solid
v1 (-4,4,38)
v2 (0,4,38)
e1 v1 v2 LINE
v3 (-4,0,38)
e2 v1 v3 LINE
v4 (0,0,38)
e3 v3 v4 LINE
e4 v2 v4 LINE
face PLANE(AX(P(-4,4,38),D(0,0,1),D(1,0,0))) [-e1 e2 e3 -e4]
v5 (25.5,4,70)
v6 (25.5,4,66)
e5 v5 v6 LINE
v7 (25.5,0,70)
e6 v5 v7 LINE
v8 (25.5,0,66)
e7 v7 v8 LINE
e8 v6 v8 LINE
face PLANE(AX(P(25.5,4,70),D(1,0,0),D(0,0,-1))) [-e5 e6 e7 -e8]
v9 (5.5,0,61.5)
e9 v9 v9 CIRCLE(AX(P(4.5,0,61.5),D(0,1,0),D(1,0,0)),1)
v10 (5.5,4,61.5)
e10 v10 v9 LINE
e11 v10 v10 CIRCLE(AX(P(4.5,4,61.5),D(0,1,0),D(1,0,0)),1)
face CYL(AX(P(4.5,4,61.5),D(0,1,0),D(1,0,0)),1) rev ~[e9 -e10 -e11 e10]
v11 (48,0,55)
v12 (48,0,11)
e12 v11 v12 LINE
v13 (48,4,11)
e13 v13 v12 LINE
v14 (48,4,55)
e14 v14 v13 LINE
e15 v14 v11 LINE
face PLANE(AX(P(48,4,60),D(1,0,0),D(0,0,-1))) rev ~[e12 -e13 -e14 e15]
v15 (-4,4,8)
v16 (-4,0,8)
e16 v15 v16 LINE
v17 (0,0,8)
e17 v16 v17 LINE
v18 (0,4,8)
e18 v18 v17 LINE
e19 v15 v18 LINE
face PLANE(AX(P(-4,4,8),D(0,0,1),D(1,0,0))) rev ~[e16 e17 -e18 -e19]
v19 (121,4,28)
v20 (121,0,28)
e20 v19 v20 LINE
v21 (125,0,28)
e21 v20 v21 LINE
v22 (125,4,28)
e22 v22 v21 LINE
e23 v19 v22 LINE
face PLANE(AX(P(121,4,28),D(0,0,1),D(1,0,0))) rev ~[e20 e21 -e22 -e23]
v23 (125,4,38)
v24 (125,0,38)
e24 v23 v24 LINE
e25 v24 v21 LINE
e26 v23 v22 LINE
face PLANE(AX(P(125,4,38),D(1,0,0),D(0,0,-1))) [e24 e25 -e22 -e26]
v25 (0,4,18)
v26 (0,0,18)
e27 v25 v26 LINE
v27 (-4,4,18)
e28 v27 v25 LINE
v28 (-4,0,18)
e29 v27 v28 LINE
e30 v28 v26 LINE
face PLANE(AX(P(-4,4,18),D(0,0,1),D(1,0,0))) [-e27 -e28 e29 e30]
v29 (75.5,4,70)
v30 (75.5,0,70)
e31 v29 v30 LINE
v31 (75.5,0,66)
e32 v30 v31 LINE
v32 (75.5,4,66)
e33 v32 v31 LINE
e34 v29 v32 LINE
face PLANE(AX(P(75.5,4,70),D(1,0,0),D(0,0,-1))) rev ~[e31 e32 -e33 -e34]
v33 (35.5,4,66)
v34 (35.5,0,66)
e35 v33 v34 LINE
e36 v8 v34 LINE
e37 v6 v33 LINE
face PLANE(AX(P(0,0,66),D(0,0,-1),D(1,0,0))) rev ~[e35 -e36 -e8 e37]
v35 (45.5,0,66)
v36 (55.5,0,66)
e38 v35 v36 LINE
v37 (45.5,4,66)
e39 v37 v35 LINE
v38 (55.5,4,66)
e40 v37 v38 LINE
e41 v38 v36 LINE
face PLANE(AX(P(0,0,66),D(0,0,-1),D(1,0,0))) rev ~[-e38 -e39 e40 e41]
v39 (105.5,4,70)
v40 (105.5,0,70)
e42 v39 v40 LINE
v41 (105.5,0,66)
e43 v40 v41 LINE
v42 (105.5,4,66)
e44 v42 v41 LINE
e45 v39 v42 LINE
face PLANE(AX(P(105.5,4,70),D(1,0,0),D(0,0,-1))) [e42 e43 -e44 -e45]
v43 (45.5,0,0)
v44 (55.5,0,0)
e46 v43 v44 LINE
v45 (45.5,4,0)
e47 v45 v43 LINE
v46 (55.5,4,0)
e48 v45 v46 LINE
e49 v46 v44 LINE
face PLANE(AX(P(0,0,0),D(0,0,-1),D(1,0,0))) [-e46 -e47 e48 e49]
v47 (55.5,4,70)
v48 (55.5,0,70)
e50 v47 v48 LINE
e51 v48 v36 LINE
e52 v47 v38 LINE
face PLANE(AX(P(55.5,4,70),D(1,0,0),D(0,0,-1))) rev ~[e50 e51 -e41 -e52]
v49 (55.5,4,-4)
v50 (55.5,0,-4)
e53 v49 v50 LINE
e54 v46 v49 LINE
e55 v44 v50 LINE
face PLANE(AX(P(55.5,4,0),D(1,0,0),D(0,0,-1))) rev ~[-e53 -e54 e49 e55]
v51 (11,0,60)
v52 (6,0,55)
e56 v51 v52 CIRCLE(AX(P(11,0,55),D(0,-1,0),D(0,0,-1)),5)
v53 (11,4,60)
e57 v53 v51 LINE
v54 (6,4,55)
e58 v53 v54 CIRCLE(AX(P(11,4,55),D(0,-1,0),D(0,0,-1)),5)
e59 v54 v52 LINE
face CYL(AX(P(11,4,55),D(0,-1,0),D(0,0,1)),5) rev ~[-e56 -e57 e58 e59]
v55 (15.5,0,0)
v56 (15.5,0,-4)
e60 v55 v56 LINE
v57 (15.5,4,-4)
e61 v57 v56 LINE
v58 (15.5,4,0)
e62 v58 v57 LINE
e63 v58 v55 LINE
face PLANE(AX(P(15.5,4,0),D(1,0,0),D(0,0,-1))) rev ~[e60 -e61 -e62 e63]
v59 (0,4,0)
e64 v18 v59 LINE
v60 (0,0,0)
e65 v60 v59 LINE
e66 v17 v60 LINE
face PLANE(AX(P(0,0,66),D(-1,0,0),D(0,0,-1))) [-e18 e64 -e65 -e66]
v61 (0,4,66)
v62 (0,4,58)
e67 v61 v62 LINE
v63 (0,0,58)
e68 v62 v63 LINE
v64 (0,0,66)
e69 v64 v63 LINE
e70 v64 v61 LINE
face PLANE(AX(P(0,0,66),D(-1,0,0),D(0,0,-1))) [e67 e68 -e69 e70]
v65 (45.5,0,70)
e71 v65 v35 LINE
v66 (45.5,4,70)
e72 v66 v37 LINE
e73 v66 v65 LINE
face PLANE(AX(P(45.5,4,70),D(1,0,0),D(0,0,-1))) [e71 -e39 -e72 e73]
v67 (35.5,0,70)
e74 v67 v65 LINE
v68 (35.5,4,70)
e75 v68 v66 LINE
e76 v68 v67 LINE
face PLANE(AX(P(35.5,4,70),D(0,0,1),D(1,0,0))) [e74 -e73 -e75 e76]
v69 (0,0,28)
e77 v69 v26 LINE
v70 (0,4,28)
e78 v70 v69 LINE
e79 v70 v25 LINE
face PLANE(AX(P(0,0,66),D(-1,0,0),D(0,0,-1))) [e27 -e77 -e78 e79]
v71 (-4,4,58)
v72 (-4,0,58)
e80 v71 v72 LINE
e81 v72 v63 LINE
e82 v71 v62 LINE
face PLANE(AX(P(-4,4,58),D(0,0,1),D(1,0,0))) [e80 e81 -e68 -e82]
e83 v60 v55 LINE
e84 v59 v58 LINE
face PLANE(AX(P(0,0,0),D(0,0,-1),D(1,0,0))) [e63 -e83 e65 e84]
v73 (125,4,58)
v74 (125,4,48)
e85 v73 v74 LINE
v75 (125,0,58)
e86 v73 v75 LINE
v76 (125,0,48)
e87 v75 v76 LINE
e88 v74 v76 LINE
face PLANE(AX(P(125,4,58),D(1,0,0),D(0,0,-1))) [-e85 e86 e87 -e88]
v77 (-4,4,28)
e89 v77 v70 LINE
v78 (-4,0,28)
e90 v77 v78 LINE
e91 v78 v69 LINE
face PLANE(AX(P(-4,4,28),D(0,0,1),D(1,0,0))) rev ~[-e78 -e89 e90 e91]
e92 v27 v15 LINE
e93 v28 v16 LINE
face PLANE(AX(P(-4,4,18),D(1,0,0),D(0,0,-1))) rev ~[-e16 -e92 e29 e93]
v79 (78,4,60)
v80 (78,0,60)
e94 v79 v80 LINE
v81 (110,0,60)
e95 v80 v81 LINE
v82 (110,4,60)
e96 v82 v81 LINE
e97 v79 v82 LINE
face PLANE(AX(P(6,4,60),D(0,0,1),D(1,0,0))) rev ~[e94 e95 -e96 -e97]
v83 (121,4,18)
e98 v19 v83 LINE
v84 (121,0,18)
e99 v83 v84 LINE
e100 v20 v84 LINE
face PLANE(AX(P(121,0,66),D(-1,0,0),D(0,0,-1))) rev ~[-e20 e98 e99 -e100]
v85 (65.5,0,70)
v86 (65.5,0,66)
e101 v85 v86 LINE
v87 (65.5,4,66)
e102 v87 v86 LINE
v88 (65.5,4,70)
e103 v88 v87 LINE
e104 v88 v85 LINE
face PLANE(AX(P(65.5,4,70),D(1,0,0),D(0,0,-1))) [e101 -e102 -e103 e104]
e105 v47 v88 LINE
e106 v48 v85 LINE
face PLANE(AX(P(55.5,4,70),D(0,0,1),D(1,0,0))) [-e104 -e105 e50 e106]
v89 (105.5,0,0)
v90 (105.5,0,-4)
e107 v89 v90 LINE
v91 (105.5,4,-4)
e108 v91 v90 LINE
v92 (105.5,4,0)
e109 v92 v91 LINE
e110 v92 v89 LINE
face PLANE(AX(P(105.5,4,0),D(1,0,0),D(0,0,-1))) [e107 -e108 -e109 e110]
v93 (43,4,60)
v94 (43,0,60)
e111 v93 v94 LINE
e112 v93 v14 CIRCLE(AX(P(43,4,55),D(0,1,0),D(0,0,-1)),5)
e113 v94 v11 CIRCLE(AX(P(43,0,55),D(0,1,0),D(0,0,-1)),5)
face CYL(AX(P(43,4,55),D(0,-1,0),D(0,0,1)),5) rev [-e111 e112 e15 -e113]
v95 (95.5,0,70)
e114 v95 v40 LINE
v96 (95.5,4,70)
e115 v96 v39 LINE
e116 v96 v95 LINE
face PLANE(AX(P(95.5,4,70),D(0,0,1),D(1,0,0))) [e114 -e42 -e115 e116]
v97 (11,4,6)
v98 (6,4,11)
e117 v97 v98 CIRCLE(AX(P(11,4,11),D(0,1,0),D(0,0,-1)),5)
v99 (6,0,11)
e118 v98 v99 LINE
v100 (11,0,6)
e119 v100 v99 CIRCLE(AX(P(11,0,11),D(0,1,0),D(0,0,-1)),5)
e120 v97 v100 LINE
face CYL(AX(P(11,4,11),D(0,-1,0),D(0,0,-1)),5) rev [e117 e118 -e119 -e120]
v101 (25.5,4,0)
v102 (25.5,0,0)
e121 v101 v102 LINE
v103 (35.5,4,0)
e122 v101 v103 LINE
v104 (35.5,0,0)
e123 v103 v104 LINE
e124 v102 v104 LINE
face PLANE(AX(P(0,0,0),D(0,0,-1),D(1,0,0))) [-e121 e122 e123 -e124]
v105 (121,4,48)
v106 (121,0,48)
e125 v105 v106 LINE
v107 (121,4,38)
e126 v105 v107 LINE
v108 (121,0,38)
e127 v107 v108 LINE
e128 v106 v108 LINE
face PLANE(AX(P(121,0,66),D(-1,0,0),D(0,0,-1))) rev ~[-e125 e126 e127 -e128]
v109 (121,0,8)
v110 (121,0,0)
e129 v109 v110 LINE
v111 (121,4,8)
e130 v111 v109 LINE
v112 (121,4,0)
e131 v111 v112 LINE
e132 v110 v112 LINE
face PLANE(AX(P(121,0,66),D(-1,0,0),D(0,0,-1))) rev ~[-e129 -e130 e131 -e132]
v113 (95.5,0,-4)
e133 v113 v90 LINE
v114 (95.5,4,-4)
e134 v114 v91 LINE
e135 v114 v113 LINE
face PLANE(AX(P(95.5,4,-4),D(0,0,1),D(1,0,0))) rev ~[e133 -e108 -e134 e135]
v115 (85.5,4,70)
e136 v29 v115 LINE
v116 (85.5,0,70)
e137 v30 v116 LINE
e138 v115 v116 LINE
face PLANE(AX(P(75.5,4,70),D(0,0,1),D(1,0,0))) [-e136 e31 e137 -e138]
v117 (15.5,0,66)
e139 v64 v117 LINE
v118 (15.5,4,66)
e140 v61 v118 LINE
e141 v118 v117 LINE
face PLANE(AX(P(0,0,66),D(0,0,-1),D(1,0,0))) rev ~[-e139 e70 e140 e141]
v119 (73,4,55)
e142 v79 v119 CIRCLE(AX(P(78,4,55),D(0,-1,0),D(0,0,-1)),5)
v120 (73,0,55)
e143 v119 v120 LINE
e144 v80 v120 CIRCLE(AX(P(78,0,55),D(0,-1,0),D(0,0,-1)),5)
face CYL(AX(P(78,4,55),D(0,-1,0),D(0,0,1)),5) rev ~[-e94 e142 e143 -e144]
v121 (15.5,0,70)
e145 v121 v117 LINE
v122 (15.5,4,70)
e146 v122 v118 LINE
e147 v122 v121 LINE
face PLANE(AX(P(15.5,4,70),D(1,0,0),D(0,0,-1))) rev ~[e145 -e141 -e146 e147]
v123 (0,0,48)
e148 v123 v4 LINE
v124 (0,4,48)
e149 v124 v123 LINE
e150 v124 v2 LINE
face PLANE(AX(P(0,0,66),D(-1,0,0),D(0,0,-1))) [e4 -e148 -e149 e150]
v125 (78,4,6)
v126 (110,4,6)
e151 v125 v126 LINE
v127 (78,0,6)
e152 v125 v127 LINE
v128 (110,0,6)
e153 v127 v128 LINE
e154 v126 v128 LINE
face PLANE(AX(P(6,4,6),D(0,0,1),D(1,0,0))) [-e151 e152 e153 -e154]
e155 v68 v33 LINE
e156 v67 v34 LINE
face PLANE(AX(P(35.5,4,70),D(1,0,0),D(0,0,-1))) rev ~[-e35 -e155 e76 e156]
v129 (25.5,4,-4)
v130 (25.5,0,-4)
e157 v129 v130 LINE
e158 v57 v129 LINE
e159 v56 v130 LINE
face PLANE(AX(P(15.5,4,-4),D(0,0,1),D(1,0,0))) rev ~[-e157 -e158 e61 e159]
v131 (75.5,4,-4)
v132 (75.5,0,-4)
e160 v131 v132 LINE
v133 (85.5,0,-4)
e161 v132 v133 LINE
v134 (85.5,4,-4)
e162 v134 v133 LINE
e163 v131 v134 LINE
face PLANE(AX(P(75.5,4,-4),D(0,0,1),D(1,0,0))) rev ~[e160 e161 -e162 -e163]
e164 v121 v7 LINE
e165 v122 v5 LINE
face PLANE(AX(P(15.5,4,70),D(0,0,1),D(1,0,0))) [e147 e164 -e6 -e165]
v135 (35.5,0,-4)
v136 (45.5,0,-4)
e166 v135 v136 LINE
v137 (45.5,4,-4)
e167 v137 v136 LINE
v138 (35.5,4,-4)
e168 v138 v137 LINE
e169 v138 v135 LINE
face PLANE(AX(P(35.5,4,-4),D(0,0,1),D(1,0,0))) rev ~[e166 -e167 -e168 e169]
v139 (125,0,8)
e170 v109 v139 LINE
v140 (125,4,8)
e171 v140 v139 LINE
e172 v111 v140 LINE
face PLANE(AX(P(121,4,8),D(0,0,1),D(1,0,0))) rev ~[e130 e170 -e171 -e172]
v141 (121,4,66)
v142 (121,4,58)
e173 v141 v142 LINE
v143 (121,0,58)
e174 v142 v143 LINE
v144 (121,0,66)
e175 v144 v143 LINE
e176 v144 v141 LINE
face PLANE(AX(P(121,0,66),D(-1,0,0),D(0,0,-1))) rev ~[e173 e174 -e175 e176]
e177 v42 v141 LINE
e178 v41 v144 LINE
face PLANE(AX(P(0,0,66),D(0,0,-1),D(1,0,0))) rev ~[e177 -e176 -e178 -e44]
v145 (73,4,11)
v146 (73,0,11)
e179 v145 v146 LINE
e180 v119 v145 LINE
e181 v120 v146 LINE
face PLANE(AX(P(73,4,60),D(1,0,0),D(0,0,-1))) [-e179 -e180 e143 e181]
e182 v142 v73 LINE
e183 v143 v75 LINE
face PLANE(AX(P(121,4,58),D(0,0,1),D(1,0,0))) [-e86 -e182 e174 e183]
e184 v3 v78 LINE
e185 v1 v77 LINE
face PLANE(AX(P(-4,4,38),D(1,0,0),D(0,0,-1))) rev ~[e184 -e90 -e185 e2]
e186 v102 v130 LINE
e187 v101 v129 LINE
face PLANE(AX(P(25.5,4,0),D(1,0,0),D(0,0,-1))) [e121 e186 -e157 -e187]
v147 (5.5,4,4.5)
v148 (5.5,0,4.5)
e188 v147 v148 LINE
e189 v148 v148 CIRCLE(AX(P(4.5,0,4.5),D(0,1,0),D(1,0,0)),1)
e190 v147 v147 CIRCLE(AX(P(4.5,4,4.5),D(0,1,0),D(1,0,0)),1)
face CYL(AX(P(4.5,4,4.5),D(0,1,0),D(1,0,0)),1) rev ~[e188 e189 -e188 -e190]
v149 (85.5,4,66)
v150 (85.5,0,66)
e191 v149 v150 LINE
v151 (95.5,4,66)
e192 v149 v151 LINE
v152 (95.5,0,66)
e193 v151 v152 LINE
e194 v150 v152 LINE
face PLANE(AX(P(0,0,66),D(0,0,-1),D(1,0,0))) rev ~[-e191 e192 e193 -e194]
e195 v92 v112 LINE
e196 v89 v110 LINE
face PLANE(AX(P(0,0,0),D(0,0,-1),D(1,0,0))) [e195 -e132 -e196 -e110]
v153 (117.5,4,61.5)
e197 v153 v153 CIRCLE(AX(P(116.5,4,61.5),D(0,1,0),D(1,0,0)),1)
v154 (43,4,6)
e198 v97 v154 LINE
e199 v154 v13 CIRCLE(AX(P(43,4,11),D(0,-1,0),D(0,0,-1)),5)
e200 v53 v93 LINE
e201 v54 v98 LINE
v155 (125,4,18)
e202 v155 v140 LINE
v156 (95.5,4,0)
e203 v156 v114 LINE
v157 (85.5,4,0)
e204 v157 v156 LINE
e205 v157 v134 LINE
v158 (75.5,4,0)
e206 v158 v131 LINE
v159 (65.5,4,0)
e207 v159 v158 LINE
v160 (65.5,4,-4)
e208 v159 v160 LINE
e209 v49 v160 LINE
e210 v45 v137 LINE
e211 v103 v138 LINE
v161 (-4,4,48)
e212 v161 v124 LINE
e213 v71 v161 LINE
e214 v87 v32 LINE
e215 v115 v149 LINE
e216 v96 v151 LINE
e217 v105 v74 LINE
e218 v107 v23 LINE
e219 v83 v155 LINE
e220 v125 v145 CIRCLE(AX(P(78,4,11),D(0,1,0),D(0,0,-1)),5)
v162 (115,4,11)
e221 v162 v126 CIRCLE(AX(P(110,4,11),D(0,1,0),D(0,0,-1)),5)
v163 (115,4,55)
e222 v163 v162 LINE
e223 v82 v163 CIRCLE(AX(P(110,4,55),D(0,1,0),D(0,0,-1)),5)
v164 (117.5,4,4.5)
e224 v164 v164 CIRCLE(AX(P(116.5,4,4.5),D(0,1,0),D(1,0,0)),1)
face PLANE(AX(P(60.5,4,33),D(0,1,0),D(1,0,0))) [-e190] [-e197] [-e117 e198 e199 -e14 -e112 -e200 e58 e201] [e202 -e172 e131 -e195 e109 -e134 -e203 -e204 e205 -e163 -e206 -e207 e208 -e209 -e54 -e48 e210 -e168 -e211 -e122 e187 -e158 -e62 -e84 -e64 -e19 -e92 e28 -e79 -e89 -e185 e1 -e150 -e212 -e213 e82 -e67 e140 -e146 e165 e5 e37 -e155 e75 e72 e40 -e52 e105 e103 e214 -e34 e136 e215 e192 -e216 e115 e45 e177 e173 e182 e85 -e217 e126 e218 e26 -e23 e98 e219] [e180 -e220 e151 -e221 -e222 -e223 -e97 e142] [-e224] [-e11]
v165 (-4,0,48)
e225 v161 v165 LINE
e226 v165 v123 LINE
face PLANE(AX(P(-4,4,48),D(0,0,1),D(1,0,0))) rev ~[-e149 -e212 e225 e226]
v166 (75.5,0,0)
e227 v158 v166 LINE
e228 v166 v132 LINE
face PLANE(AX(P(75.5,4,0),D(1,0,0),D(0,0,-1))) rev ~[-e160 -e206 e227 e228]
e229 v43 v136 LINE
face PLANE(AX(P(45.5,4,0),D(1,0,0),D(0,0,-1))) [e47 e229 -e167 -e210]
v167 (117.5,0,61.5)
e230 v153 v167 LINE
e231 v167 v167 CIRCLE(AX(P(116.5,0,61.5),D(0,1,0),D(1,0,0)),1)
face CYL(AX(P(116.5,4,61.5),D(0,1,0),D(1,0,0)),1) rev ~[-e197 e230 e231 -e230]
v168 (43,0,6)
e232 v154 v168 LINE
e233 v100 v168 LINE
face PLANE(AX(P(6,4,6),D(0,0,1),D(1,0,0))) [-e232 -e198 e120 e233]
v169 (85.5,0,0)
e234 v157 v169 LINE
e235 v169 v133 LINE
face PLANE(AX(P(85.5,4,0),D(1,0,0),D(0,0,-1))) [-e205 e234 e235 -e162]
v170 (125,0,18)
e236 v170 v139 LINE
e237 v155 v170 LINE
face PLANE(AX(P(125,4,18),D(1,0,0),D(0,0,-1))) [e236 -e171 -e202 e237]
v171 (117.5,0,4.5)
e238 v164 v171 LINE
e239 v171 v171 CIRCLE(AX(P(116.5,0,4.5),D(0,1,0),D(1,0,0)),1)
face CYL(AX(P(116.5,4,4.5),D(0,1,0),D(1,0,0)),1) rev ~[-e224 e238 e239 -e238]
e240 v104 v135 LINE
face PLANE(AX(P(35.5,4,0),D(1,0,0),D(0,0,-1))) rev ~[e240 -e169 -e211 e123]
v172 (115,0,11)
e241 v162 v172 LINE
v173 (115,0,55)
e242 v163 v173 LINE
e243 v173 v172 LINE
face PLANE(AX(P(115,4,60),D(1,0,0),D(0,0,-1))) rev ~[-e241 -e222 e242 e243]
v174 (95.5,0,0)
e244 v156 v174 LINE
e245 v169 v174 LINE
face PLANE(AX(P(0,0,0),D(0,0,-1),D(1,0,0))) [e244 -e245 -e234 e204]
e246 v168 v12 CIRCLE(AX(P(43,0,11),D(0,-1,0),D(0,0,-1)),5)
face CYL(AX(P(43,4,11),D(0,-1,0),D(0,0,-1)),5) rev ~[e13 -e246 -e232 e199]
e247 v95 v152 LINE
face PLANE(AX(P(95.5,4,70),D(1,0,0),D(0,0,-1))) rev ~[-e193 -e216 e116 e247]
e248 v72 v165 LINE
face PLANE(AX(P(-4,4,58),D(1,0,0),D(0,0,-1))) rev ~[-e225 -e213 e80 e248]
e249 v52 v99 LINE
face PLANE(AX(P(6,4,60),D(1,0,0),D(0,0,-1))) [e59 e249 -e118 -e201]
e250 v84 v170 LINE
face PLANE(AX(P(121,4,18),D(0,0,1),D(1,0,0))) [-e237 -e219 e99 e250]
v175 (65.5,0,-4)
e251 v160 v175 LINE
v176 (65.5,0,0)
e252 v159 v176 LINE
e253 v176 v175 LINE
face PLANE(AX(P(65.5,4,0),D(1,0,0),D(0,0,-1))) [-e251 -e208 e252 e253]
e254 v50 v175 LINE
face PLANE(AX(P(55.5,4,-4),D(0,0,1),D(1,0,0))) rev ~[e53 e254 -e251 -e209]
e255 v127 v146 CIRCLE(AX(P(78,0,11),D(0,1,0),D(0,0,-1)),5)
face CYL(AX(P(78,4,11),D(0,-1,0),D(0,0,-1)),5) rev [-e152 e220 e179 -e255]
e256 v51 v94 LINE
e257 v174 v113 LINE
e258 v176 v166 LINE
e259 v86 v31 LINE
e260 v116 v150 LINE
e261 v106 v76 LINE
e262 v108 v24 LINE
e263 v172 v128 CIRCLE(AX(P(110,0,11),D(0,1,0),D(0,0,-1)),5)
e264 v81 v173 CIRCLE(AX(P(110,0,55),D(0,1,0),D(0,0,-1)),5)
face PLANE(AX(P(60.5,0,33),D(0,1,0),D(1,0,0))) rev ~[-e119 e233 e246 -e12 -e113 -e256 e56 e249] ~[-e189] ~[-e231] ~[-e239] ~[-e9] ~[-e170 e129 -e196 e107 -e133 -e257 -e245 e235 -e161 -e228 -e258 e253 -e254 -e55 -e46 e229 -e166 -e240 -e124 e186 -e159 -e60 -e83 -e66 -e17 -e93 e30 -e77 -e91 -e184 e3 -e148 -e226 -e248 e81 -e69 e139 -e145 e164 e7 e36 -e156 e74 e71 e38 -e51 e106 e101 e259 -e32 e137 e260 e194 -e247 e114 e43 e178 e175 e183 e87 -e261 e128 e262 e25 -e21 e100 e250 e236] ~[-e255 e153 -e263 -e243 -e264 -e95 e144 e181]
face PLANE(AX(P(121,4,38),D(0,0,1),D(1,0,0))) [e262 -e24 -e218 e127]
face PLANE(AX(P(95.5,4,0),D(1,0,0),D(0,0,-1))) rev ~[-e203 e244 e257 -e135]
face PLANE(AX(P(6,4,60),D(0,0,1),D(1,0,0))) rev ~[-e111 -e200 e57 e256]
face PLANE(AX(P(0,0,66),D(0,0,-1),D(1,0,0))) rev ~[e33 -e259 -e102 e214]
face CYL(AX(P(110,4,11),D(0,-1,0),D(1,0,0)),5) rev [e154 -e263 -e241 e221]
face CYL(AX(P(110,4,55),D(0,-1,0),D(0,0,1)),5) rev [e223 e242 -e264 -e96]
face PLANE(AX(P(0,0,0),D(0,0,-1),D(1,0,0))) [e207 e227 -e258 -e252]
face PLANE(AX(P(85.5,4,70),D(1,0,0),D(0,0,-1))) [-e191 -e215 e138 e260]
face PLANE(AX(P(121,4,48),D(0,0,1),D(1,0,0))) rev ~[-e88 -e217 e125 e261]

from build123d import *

# Parameters (mm, degrees)
SKETCH1_W           = 121
SKETCH1_H           = 66
BOSS_EXTRUDE1_DEPTH = 4
SKETCH2_W           = 109
SKETCH2_H           = 54
CUT_EXTRUDE1_DEPTH  = 5
FILLET1_R           = 5
SKETCH3_W           = 25
SKETCH3_H           = 54
BOSS_EXTRUDE2_DEPTH = 4
FILLET2_R           = 5
SKETCH4_R           = 1
CUT_EXTRUDE2_DEPTH  = 5
SKETCH5_W           = 10
SKETCH5_H           = 4
BOSS_EXTRUDE3_DEPTH = 4
LPATTERN1_COUNT     = 3
LPATTERN1_PITCH     = 20
LPATTERN1_COL_COUNT = 3
LPATTERN1_COL_PITCH = 20
SKETCH6_W           = 4
SKETCH6_H           = 10
BOSS_EXTRUDE4_DEPTH = 4
LPATTERN2_COUNT     = 2
LPATTERN2_PITCH     = 20
LPATTERN2_COL_COUNT = 2
LPATTERN2_COL_PITCH = 20


with BuildPart() as part:
    # Sketch1 → Boss-Extrude1 (new body)
    with BuildSketch(Plane(origin=(0, 0, 0), x_dir=(1, 0, 0), z_dir=(0, 1, 0))):
        with Locations((60.5, -33)):
            Rectangle(SKETCH1_W, SKETCH1_H)
    extrude(amount=BOSS_EXTRUDE1_DEPTH)

    # Sketch2 → Cut-Extrude1 (cut, through all)
    with BuildSketch(Plane(origin=(0, 4, 0), x_dir=(1, 0, 0), z_dir=(0, 1, 0))):
        with Locations((60.5, -33)):
            Rectangle(SKETCH2_W, SKETCH2_H)
    extrude(amount=-CUT_EXTRUDE1_DEPTH, mode=Mode.SUBTRACT)

    # Fillet1
    fillet1_edges = [part.edges().sort_by_distance(p)[0] for p in [
        (115, 2, 6),
        (115, 2, 60),
        (6, 2, 60),
        (6, 2, 6),
    ]]
    fillet(fillet1_edges, radius=FILLET1_R)

    # Sketch3 → Boss-Extrude2 (add, through all)
    with BuildSketch(Plane(origin=(0, 4, 0), x_dir=(1, 0, 0), z_dir=(0, 1, 0))):
        with Locations((60.5, -33)):
            Rectangle(SKETCH3_W, SKETCH3_H)
    extrude(amount=-BOSS_EXTRUDE2_DEPTH)

    # Fillet2
    fillet2_edges = [part.edges().sort_by_distance(p)[0] for p in [
        (73, 2, 6),
        (73, 2, 60),
        (48, 2, 60),
        (48, 2, 6),
    ]]
    fillet(fillet2_edges, radius=FILLET2_R)

    # Sketch4 → Cut-Extrude2 (cut, through all)
    with BuildSketch(Plane(origin=(0, 4, 0), x_dir=(1, 0, 0), z_dir=(0, 1, 0))):
        with Locations((116.5, -61.5)):
            Circle(SKETCH4_R)
        with Locations((116.5, -4.5)):
            Circle(SKETCH4_R)
        with Locations((4.5, -4.5)):
            Circle(SKETCH4_R)
        with Locations((4.5, -61.5)):
            Circle(SKETCH4_R)
    extrude(amount=-CUT_EXTRUDE2_DEPTH, mode=Mode.SUBTRACT)

    # Sketch5 → Boss-Extrude3 (add, through all)
    with BuildSketch(Plane(origin=(0, 4, 0), x_dir=(1, 0, 0), z_dir=(0, 1, 0))):
        with Locations((60.5, 2)):
            Rectangle(SKETCH5_W, SKETCH5_H)
        with Locations((60.5, -68)):
            Rectangle(SKETCH5_W, SKETCH5_H)
    boss_extrude3 = extrude(amount=-BOSS_EXTRUDE3_DEPTH)

    # LPattern1: Boss-Extrude3 ×3
    with Locations(*[(i * LPATTERN1_PITCH, 0, 0) for i in range(1, LPATTERN1_COUNT)]):
        add(boss_extrude3)

    # LPattern1 col: Boss-Extrude3 ×3
    with Locations(*[(-i * LPATTERN1_COL_PITCH, 0, 0) for i in range(1, LPATTERN1_COL_COUNT)]):
        add(boss_extrude3)

    # Sketch6 → Boss-Extrude4 (add, through all)
    with BuildSketch(Plane(origin=(0, 4, 0), x_dir=(1, 0, 0), z_dir=(0, 1, 0))):
        with Locations((-2, -33)):
            Rectangle(SKETCH6_W, SKETCH6_H)
        with Locations((123, -33)):
            Rectangle(SKETCH6_W, SKETCH6_H)
    boss_extrude4 = extrude(amount=-BOSS_EXTRUDE4_DEPTH)

    # LPattern2: Boss-Extrude4 ×2
    with Locations(*[(0, 0, -i * LPATTERN2_PITCH) for i in range(1, LPATTERN2_COUNT)]):
        add(boss_extrude4)

    # LPattern2 col: Boss-Extrude4 ×2
    with Locations(*[(0, 0, i * LPATTERN2_COL_PITCH) for i in range(1, LPATTERN2_COL_COUNT)]):
        add(boss_extrude4)


solid = part.part
